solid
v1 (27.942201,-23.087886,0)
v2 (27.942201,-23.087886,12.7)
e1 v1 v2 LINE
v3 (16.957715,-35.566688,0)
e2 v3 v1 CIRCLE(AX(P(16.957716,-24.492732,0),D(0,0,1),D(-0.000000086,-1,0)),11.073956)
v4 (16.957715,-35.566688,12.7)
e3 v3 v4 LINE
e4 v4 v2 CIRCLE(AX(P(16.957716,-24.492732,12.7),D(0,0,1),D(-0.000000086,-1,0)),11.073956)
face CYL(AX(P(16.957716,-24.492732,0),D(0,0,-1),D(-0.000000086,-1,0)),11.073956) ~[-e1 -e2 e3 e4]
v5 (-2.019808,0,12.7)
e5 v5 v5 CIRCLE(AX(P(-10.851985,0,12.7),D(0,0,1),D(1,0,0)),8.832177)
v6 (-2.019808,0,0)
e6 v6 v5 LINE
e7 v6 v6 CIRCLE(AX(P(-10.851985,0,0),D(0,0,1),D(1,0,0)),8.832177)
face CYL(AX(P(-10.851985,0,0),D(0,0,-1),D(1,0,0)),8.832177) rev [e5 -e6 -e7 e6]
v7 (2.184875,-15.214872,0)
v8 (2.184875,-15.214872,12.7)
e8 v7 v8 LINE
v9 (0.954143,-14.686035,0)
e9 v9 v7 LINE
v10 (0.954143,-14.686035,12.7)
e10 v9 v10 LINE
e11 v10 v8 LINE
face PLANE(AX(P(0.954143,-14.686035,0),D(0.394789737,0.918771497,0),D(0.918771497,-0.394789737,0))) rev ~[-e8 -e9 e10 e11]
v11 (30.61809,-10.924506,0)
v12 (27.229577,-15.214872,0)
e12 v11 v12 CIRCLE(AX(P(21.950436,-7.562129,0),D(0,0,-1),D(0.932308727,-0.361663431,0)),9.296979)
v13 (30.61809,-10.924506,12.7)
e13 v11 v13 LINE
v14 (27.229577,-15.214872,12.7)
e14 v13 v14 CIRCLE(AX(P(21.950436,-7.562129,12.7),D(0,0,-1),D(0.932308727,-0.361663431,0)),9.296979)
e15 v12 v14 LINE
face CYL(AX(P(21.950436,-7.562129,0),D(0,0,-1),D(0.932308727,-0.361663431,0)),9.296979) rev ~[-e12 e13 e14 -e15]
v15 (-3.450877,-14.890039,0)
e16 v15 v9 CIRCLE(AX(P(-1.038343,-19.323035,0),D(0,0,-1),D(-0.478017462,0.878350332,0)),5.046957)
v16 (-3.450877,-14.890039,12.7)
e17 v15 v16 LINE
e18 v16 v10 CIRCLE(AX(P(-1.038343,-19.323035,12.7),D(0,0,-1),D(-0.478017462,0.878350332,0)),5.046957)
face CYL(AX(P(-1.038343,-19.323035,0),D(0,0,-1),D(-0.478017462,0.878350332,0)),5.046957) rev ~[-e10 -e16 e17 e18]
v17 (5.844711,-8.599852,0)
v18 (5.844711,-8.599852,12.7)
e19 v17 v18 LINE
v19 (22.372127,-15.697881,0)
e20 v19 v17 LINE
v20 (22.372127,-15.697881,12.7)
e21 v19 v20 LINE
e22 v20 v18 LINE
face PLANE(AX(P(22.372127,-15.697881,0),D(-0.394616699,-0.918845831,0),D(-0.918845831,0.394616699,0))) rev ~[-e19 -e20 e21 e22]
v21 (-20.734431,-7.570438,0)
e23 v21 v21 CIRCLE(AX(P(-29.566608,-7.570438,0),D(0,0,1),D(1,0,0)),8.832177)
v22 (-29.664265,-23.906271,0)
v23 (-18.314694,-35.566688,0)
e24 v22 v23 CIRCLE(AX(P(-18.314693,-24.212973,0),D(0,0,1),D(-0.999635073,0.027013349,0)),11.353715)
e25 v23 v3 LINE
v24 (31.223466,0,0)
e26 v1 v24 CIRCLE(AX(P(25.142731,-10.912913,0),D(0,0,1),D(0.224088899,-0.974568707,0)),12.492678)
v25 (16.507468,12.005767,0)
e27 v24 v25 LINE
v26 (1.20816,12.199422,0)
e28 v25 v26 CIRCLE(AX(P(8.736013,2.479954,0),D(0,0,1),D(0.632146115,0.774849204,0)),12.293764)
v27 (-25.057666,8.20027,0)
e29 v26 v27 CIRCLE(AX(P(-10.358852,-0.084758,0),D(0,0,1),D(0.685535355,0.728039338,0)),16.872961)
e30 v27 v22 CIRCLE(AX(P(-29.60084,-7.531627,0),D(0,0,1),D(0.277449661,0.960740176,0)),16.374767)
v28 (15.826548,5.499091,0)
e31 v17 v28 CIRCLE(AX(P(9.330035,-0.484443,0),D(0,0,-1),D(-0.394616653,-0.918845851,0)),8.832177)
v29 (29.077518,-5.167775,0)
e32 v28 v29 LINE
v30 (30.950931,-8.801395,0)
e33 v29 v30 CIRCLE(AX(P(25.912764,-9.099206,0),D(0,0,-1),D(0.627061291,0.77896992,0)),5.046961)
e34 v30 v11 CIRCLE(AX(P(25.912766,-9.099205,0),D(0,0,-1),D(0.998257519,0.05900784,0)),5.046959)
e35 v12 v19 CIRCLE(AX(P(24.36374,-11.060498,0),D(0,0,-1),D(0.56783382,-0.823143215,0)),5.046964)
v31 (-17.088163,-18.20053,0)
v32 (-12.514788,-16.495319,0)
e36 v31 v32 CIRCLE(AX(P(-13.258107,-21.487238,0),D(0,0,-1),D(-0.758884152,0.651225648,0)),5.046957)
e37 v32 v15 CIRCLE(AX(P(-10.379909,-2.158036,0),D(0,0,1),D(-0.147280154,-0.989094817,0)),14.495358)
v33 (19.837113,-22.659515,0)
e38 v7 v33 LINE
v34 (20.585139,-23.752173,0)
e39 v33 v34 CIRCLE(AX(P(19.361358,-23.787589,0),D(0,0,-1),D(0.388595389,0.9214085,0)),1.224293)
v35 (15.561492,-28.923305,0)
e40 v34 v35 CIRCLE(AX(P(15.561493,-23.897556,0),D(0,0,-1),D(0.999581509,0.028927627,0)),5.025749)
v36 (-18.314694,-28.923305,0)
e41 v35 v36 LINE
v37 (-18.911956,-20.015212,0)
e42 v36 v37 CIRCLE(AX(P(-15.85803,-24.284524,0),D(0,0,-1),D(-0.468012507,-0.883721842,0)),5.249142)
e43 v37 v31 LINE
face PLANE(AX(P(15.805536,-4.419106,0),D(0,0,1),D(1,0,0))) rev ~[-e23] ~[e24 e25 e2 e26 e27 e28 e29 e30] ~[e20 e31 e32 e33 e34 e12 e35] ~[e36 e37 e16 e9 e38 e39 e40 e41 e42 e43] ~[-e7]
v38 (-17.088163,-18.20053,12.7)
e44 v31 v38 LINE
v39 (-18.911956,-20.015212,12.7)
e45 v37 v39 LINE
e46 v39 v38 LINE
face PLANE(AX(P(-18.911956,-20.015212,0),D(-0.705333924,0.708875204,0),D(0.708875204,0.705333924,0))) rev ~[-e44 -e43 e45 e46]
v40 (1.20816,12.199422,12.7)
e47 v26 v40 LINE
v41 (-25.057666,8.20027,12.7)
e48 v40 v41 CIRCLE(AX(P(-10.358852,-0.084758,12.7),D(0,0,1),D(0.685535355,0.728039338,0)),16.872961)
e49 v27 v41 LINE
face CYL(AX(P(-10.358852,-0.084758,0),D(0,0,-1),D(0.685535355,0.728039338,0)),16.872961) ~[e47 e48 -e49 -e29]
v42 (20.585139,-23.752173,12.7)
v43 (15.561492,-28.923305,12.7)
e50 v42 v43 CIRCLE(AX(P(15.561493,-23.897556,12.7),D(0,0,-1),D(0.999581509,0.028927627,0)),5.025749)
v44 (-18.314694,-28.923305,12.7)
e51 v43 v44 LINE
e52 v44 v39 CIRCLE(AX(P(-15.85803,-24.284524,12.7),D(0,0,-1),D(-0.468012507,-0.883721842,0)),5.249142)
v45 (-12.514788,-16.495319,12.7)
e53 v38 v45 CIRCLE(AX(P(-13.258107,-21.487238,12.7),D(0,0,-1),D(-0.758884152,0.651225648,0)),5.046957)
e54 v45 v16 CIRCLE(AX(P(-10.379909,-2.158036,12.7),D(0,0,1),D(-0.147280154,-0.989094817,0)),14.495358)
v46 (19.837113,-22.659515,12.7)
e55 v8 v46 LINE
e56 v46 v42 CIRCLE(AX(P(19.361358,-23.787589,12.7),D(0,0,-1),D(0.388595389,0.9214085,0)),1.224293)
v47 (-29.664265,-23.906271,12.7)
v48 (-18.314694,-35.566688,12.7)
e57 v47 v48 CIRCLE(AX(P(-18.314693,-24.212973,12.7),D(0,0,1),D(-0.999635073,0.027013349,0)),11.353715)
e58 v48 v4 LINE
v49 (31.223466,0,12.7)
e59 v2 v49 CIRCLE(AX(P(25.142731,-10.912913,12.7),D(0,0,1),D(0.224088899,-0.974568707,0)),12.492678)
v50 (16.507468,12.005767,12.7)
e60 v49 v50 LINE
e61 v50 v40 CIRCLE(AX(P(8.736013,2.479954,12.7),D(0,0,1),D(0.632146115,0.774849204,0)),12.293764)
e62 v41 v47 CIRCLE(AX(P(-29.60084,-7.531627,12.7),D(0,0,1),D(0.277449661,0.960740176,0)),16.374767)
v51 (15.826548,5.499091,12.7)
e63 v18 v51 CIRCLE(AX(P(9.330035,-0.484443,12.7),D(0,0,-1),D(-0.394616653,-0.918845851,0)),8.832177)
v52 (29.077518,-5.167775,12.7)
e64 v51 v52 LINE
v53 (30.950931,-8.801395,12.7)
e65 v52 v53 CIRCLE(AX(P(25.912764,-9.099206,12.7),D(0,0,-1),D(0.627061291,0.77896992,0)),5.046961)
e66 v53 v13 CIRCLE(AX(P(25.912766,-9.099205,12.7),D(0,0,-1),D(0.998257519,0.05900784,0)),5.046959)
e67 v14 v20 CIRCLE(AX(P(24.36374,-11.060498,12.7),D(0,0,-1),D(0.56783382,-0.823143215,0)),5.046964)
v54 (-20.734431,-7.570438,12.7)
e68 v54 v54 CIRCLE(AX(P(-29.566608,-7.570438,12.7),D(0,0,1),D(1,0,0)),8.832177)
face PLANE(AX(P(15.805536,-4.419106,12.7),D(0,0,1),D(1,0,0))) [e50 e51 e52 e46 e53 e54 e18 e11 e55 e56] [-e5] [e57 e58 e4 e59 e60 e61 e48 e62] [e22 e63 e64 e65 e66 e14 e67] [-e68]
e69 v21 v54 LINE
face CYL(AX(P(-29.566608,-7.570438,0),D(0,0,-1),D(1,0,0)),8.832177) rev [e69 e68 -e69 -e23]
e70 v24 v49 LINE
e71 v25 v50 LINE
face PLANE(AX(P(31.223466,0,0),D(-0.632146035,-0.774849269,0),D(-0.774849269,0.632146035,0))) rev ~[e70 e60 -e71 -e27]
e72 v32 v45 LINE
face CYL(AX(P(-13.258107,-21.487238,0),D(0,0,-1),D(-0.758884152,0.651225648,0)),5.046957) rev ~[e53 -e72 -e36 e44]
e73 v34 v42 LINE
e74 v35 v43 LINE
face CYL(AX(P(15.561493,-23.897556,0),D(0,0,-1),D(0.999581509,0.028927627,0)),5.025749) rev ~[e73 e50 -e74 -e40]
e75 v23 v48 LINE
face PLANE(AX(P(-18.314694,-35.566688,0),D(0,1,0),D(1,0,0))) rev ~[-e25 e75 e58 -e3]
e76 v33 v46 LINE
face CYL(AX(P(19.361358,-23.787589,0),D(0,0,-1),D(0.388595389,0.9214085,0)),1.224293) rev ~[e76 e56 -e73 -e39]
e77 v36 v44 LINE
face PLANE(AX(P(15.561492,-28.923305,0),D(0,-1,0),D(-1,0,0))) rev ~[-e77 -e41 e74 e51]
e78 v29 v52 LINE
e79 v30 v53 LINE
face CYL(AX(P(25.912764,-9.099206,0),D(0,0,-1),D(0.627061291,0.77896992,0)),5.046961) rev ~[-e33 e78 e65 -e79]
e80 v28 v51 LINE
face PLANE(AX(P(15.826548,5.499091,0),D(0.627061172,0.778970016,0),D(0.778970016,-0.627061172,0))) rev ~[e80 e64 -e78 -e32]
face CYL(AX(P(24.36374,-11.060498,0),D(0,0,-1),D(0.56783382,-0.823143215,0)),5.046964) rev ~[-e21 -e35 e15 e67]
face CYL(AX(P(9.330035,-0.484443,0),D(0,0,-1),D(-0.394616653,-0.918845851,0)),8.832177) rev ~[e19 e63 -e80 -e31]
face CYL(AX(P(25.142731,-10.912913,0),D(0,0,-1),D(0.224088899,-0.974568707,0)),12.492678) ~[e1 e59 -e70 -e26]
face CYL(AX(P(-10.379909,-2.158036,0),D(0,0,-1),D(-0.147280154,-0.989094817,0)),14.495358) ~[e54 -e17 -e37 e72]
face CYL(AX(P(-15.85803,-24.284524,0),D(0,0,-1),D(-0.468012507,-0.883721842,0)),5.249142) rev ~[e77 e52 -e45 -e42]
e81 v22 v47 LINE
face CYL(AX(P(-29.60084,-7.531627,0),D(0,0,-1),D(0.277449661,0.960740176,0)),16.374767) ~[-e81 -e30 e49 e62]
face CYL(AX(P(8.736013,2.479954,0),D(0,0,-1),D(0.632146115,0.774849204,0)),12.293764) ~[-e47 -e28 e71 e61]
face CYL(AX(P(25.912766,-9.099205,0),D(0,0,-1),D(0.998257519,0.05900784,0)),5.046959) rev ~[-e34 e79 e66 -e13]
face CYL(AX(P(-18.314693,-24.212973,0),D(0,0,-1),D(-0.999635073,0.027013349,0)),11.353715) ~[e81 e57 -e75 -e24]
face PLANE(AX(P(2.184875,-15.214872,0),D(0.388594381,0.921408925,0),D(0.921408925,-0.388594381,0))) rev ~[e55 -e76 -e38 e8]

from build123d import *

# Parameters (mm, degrees)
F0_R     = 0.843418
F0_R_2   = 8.832177
F1_DEPTH = 12.7


with BuildPart() as f1:
    # F0 (on Top) → F1 (new body)
    with BuildSketch(Plane.XY):
        with BuildLine():
            Line((29.077518, -5.167775), (15.826548, 5.499091))
            ThreePointArc((15.826548, 5.499091), (2.121577, 4.619035), (5.844711, -8.599852))
            Line((5.844711, -8.599852), (22.372127, -15.697881))
            ThreePointArc((22.372127, -15.697881), (24.863131, -16.082694), (27.229577, -15.214872))
            ThreePointArc((27.229577, -15.214872), (29.246331, -13.324396), (30.61809, -10.924506))
            ThreePointArc((30.61809, -10.924506), (30.898826, -9.880872), (30.950931, -8.801395))
            ThreePointArc((30.950931, -8.801395), (30.398606, -6.786407), (29.077518, -5.167775))
        make_face()
        with Locations((21.721765, -3.488423)):
            Circle(F0_R, mode=Mode.SUBTRACT)
        with BuildLine():
            Line((31.223466, 0), (16.507468, 12.005767))
            ThreePointArc((16.507468, 12.005767), (8.891612, 14.772733), (1.20816, 12.199422))
            ThreePointArc((1.20816, 12.199422), (-12.898606, 16.595964), (-25.057666, 8.20027))
            ThreePointArc((-25.057666, 8.20027), (-45.809619, -5.206015), (-29.664265, -23.906271))
            ThreePointArc((-29.664265, -23.906271), (-26.450695, -32.132084), (-18.314694, -35.566688))
            Line((-18.314694, -35.566688), (16.957715, -35.566688))
            ThreePointArc((16.957715, -35.566688), (25.270047, -31.809675), (27.942201, -23.087886))
            ThreePointArc((27.942201, -23.087886), (37.511123, -12.670717), (31.223466, 0))
        make_face()
        with BuildLine():
            Line((0.954143, -14.686035), (2.184875, -15.214872))
            Line((2.184875, -15.214872), (19.837113, -22.659515))
            ThreePointArc((19.837113, -22.659515), (20.371596, -23.095987), (20.585139, -23.752173))
            ThreePointArc((20.585139, -23.752173), (19.166268, -27.39952), (15.561492, -28.923305))
            Line((15.561492, -28.923305), (-18.314694, -28.923305))
            ThreePointArc((-18.314694, -28.923305), (-21.095413, -24.635676), (-18.911956, -20.015212))
            Line((-18.911956, -20.015212), (-17.088163, -18.20053))
            ThreePointArc((-17.088163, -18.20053), (-15.021321, -16.7583), (-12.514788, -16.495319))
            ThreePointArc((-12.514788, -16.495319), (-7.852023, -16.431269), (-3.450877, -14.890039))
            ThreePointArc((-3.450877, -14.890039), (-1.271827, -14.281482), (0.954143, -14.686035))
        make_face(mode=Mode.SUBTRACT)
        with Locations((-29.566608, -7.570438)):
            Circle(F0_R_2, mode=Mode.SUBTRACT)
        with Locations((-10.851985, 0)):
            Circle(F0_R_2, mode=Mode.SUBTRACT)
        with BuildLine():
            ThreePointArc((5.844711, -8.599852), (2.121577, 4.619035), (15.826548, 5.499091))
            Line((15.826548, 5.499091), (29.077518, -5.167775))
            ThreePointArc((29.077518, -5.167775), (30.398606, -6.786407), (30.950931, -8.801395))
            ThreePointArc((30.950931, -8.801395), (30.898826, -9.880872), (30.61809, -10.924506))
            ThreePointArc((30.61809, -10.924506), (29.246331, -13.324396), (27.229577, -15.214872))
            ThreePointArc((27.229577, -15.214872), (24.863131, -16.082694), (22.372127, -15.697881))
            Line((22.372127, -15.697881), (5.844711, -8.599852))
        make_face(mode=Mode.SUBTRACT)
    extrude(amount=F1_DEPTH)


solid = f1.part
